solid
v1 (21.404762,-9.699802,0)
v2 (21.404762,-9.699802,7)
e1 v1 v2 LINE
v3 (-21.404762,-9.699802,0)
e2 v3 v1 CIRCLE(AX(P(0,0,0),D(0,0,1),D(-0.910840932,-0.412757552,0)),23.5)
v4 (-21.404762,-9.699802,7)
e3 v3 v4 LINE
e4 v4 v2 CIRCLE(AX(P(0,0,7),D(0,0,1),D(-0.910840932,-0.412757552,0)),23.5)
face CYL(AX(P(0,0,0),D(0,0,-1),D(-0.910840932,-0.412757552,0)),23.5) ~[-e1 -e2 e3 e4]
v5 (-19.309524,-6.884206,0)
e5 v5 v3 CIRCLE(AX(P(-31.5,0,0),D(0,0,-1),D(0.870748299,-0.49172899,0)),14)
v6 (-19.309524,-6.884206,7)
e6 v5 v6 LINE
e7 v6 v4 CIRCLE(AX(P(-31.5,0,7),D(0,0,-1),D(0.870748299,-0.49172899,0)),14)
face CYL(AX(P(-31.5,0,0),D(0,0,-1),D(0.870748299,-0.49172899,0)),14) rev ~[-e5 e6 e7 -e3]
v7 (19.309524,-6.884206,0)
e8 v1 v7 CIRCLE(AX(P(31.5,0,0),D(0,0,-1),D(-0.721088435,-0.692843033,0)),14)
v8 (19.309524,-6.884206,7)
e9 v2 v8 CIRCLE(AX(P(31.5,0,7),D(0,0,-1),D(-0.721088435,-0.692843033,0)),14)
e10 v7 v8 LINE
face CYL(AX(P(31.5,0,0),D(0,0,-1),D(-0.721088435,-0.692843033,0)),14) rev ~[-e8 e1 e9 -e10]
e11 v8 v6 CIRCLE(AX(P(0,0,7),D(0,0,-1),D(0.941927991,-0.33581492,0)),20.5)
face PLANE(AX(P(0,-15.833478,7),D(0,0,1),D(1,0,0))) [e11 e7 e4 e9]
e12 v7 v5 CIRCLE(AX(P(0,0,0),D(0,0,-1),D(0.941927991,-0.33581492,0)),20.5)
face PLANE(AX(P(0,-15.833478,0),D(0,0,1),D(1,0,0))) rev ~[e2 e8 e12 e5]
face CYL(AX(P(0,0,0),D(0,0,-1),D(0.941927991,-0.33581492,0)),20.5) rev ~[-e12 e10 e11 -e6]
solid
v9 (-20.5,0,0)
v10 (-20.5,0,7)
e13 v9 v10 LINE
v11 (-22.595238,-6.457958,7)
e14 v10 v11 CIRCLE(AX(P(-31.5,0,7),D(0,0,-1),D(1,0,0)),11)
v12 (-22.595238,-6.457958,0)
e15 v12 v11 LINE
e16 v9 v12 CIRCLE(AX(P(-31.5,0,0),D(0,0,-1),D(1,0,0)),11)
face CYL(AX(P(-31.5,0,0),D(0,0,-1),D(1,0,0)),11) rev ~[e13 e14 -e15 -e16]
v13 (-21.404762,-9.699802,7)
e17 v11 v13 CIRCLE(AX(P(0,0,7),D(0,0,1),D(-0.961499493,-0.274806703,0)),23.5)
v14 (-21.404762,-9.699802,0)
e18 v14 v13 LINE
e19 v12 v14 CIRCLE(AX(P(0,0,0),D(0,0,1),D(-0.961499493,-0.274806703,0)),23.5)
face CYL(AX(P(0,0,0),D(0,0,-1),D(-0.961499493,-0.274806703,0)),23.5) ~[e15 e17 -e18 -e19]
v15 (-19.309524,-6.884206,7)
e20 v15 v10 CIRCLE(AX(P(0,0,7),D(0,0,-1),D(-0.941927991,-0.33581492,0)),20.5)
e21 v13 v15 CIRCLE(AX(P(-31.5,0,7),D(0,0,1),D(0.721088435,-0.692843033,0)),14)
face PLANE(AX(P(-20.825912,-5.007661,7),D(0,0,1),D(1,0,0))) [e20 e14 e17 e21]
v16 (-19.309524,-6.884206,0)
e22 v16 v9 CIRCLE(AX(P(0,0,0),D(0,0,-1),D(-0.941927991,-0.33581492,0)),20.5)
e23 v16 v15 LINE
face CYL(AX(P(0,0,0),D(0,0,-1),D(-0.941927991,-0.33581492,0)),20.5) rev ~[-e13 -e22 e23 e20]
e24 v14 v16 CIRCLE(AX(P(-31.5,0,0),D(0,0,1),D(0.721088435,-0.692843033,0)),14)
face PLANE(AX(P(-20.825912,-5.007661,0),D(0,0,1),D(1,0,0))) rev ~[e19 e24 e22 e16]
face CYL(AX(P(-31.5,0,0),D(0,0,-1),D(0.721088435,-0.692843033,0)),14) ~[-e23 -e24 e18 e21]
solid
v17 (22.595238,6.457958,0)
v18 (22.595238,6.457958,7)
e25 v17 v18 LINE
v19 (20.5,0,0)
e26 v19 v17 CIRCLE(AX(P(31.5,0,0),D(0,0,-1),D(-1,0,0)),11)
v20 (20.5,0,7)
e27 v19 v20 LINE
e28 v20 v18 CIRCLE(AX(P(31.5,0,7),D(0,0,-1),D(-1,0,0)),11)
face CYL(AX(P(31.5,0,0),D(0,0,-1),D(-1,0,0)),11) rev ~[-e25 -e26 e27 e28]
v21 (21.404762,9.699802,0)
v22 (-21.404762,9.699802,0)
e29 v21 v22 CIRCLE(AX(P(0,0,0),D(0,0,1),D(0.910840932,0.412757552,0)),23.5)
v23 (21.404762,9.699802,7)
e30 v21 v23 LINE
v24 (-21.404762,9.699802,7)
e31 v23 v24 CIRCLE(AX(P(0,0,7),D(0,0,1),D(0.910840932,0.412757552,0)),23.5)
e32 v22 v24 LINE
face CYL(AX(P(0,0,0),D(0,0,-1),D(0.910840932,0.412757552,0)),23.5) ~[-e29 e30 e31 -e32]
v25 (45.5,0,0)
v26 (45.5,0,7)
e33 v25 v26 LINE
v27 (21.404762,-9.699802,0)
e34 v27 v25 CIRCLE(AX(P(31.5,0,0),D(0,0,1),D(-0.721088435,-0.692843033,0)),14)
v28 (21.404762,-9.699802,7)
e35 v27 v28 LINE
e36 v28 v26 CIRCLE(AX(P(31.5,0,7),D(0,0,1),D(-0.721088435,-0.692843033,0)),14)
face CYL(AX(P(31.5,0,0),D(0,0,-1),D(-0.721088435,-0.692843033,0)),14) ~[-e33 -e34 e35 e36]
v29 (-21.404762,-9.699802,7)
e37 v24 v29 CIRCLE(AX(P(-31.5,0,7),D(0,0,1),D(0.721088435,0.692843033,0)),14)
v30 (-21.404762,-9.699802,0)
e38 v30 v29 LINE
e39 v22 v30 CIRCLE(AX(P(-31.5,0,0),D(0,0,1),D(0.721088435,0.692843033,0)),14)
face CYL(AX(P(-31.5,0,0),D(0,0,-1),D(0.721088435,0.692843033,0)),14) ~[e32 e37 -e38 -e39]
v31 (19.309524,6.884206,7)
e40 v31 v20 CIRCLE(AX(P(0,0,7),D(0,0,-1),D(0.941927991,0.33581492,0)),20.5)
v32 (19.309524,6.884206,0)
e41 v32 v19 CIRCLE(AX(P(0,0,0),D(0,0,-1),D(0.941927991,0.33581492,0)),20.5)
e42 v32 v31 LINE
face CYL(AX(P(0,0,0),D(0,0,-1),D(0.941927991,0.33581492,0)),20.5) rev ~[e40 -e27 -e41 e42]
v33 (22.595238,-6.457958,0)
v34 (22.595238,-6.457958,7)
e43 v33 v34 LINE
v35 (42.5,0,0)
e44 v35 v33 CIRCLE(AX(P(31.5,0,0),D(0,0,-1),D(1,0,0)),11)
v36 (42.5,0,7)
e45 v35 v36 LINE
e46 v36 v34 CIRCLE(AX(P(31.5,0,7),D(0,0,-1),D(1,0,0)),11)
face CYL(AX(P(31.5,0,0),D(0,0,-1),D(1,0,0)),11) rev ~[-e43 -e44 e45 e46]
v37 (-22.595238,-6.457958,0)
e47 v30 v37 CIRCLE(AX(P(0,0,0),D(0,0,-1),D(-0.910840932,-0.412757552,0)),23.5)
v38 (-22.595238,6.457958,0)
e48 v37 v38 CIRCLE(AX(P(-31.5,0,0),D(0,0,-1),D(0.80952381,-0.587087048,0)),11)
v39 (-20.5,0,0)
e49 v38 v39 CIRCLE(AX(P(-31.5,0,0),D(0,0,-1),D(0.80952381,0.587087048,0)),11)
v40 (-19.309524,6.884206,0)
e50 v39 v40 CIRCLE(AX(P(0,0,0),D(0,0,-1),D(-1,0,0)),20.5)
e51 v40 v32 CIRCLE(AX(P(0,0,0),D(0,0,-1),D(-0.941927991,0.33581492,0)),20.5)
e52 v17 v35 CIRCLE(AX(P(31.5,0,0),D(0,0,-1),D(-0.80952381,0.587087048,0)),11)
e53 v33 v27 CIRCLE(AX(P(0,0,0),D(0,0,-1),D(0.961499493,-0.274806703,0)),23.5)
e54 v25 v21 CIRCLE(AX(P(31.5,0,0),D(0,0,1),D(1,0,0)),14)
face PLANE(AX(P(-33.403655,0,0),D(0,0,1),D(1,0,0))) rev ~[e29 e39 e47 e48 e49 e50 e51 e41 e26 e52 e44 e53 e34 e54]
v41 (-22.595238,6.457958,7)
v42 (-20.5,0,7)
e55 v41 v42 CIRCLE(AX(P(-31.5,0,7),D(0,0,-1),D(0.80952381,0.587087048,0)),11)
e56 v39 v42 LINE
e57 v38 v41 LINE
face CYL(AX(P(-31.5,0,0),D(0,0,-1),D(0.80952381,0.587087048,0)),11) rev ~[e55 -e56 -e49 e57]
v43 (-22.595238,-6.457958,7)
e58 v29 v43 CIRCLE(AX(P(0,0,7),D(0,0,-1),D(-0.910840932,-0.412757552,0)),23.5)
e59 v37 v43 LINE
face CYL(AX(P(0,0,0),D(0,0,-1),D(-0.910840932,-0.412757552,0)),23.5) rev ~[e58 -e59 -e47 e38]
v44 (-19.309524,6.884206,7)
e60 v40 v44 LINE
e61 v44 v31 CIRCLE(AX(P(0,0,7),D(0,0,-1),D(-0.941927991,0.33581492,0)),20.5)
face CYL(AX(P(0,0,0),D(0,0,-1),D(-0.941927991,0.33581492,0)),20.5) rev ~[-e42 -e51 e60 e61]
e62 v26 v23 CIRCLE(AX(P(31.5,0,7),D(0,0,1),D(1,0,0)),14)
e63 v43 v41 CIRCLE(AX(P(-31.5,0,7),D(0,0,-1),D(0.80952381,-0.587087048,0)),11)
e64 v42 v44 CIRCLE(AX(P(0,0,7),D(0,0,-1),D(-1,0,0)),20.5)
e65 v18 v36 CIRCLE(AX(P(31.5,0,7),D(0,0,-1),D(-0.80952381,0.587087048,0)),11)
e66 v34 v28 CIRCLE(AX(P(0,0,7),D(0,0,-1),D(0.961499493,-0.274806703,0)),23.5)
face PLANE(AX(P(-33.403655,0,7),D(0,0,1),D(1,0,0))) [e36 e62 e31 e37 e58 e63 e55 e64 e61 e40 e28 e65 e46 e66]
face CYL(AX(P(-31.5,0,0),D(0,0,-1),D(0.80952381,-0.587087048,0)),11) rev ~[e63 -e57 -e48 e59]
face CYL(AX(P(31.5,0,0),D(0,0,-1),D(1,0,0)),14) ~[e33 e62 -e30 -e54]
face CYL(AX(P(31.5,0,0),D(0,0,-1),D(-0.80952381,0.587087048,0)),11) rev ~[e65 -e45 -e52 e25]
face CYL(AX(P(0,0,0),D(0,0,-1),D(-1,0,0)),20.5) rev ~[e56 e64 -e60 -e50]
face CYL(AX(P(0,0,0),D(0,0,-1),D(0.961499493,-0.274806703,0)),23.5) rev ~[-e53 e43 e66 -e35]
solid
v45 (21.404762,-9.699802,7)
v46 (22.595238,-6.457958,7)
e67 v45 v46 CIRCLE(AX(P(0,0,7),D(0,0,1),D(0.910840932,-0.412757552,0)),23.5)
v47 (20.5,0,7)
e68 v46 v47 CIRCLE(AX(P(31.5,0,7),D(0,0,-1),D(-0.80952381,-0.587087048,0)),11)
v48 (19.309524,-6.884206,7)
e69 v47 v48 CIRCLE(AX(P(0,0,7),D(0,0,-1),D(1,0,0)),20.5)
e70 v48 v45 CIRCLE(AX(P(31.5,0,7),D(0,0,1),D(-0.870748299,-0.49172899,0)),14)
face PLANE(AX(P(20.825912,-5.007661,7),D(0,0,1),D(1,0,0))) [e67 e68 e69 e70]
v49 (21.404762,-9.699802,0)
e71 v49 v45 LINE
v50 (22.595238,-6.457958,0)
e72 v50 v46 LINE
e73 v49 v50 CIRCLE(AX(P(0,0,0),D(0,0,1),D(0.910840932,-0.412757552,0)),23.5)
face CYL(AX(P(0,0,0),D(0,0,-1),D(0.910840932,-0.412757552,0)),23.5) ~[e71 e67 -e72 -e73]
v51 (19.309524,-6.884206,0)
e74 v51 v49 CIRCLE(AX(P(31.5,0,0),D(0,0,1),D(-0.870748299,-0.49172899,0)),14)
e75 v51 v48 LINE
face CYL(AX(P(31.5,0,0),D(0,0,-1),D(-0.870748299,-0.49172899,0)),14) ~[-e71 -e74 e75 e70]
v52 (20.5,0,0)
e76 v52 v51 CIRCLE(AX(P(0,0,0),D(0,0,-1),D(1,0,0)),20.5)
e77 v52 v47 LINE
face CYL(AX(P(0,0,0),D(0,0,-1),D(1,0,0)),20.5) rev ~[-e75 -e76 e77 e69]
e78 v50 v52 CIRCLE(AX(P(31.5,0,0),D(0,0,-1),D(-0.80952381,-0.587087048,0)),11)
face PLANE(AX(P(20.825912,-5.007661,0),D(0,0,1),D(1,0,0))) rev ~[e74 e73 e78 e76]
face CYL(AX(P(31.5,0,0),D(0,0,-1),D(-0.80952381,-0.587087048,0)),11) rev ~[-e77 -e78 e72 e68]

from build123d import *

# Parameters (mm, degrees)
F1_DEPTH = 7
F3_DEPTH = 7


with BuildPart() as f1:
    # F0 (on Top) → F1 (new body)
    with BuildSketch(Plane.XY):
        with BuildLine():
            ThreePointArc((-22.5952380952, 6.4579575269), (-22.0596325818, 8.1007783795), (-21.4047619048, 9.6998024619))
            ThreePointArc((-21.4047619048, 9.6998024619), (-45.5, 0), (-21.4047619048, -9.6998024619))
            ThreePointArc((-21.4047619048, -9.6998024619), (-22.0596325818, -8.1007783795), (-22.5952380952, -6.4579575269))
            ThreePointArc((-22.5952380952, -6.4579575269), (-42.5, 0), (-22.5952380952, 6.4579575269))
        make_face()
        with BuildLine():
            ThreePointArc((-19.3095238095, 6.8842058547), (0, 20.5), (19.3095238095, 6.8842058547))
            ThreePointArc((19.3095238095, 6.8842058547), (20.2685636996, 8.3579207121), (21.4047619048, 9.6998024619))
            ThreePointArc((21.4047619048, 9.6998024619), (0, 23.5), (-21.4047619048, 9.6998024619))
            ThreePointArc((-21.4047619048, 9.6998024619), (-20.2685636996, 8.3579207121), (-19.3095238095, 6.8842058547))
        make_face()
        with BuildLine():
            ThreePointArc((21.4047619048, 9.6998024619), (22.0596325818, 8.1007783795), (22.5952380952, 6.4579575269))
            ThreePointArc((22.5952380952, 6.4579575269), (34.8946736992, 10.4630870433), (42.5, 0))
            ThreePointArc((42.5, 0), (34.8946736992, -10.4630870433), (22.5952380952, -6.4579575269))
            ThreePointArc((22.5952380952, -6.4579575269), (22.0596325818, -8.1007783795), (21.4047619048, -9.6998024619))
            ThreePointArc((21.4047619048, -9.6998024619), (36.7281290471, -12.9871731592), (45.5, 0))
            ThreePointArc((45.5, 0), (36.7281290471, 12.9871731592), (21.4047619048, 9.6998024619))
        make_face()
        with BuildLine():
            ThreePointArc((-20.5, 0), (-20.2001885894, 3.493190655), (-19.3095238095, 6.8842058547))
            ThreePointArc((-19.3095238095, 6.8842058547), (-20.2685636996, 8.3579207121), (-21.4047619048, 9.6998024619))
            ThreePointArc((-21.4047619048, 9.6998024619), (-22.0596325818, 8.1007783795), (-22.5952380952, 6.4579575269))
            ThreePointArc((-22.5952380952, 6.4579575269), (-21.0369129567, 3.3946736992), (-20.5, 0))
        make_face()
        with BuildLine():
            ThreePointArc((19.3095238095, 6.8842058547), (20.2001885894, 3.493190655), (20.5, 0))
            ThreePointArc((20.5, 0), (21.0369129567, 3.3946736992), (22.5952380952, 6.4579575269))
            ThreePointArc((22.5952380952, 6.4579575269), (22.0596325818, 8.1007783795), (21.4047619048, 9.6998024619))
            ThreePointArc((21.4047619048, 9.6998024619), (20.2685636996, 8.3579207121), (19.3095238095, 6.8842058547))
        make_face()
    extrude(amount=F1_DEPTH)


with BuildPart() as f1b:
    # F0 (on Top) → F1, piece 2 (new body)
    with BuildSketch(Plane.XY):
        with BuildLine():
            ThreePointArc((21.4047619048, -9.6998024619), (20.2685636996, -8.3579207121), (19.3095238095, -6.8842058547))
            ThreePointArc((19.3095238095, -6.8842058547), (0, -20.5), (-19.3095238095, -6.8842058547))
            ThreePointArc((-19.3095238095, -6.8842058547), (-20.2685636996, -8.3579207121), (-21.4047619048, -9.6998024619))
            ThreePointArc((-21.4047619048, -9.6998024619), (0, -23.5), (21.4047619048, -9.6998024619))
        make_face()
    extrude(amount=F1_DEPTH)


with BuildPart() as f3:
    # F2 (on Top) → F3 (new body)
    with BuildSketch(Plane.XY):
        with BuildLine():
            ThreePointArc((-21.4047619048, -9.6998024619), (-20.2685636996, -8.3579207121), (-19.3095238095, -6.8842058547))
            ThreePointArc((-19.3095238095, -6.8842058547), (-20.2001885894, -3.493190655), (-20.5, 0))
            ThreePointArc((-20.5, 0), (-21.0369129567, -3.3946736992), (-22.5952380952, -6.4579575269))
            ThreePointArc((-22.5952380952, -6.4579575269), (-22.0596325818, -8.1007783795), (-21.4047619048, -9.6998024619))
        make_face()
    extrude(amount=F3_DEPTH)


with BuildPart() as f3b:
    # F2 (on Top) → F3, piece 2 (new body)
    with BuildSketch(Plane.XY):
        with BuildLine():
            ThreePointArc((22.5952380952, -6.4579575269), (21.0369129567, -3.3946736992), (20.5, 0))
            ThreePointArc((20.5, 0), (20.2001885894, -3.493190655), (19.3095238095, -6.8842058547))
            ThreePointArc((19.3095238095, -6.8842058547), (20.2685636996, -8.3579207121), (21.4047619048, -9.6998024619))
            ThreePointArc((21.4047619048, -9.6998024619), (22.0596325818, -8.1007783795), (22.5952380952, -6.4579575269))
        make_face()
    extrude(amount=F3_DEPTH)


solid = Compound([f1.part, f1b.part, f3.part, f3b.part])
